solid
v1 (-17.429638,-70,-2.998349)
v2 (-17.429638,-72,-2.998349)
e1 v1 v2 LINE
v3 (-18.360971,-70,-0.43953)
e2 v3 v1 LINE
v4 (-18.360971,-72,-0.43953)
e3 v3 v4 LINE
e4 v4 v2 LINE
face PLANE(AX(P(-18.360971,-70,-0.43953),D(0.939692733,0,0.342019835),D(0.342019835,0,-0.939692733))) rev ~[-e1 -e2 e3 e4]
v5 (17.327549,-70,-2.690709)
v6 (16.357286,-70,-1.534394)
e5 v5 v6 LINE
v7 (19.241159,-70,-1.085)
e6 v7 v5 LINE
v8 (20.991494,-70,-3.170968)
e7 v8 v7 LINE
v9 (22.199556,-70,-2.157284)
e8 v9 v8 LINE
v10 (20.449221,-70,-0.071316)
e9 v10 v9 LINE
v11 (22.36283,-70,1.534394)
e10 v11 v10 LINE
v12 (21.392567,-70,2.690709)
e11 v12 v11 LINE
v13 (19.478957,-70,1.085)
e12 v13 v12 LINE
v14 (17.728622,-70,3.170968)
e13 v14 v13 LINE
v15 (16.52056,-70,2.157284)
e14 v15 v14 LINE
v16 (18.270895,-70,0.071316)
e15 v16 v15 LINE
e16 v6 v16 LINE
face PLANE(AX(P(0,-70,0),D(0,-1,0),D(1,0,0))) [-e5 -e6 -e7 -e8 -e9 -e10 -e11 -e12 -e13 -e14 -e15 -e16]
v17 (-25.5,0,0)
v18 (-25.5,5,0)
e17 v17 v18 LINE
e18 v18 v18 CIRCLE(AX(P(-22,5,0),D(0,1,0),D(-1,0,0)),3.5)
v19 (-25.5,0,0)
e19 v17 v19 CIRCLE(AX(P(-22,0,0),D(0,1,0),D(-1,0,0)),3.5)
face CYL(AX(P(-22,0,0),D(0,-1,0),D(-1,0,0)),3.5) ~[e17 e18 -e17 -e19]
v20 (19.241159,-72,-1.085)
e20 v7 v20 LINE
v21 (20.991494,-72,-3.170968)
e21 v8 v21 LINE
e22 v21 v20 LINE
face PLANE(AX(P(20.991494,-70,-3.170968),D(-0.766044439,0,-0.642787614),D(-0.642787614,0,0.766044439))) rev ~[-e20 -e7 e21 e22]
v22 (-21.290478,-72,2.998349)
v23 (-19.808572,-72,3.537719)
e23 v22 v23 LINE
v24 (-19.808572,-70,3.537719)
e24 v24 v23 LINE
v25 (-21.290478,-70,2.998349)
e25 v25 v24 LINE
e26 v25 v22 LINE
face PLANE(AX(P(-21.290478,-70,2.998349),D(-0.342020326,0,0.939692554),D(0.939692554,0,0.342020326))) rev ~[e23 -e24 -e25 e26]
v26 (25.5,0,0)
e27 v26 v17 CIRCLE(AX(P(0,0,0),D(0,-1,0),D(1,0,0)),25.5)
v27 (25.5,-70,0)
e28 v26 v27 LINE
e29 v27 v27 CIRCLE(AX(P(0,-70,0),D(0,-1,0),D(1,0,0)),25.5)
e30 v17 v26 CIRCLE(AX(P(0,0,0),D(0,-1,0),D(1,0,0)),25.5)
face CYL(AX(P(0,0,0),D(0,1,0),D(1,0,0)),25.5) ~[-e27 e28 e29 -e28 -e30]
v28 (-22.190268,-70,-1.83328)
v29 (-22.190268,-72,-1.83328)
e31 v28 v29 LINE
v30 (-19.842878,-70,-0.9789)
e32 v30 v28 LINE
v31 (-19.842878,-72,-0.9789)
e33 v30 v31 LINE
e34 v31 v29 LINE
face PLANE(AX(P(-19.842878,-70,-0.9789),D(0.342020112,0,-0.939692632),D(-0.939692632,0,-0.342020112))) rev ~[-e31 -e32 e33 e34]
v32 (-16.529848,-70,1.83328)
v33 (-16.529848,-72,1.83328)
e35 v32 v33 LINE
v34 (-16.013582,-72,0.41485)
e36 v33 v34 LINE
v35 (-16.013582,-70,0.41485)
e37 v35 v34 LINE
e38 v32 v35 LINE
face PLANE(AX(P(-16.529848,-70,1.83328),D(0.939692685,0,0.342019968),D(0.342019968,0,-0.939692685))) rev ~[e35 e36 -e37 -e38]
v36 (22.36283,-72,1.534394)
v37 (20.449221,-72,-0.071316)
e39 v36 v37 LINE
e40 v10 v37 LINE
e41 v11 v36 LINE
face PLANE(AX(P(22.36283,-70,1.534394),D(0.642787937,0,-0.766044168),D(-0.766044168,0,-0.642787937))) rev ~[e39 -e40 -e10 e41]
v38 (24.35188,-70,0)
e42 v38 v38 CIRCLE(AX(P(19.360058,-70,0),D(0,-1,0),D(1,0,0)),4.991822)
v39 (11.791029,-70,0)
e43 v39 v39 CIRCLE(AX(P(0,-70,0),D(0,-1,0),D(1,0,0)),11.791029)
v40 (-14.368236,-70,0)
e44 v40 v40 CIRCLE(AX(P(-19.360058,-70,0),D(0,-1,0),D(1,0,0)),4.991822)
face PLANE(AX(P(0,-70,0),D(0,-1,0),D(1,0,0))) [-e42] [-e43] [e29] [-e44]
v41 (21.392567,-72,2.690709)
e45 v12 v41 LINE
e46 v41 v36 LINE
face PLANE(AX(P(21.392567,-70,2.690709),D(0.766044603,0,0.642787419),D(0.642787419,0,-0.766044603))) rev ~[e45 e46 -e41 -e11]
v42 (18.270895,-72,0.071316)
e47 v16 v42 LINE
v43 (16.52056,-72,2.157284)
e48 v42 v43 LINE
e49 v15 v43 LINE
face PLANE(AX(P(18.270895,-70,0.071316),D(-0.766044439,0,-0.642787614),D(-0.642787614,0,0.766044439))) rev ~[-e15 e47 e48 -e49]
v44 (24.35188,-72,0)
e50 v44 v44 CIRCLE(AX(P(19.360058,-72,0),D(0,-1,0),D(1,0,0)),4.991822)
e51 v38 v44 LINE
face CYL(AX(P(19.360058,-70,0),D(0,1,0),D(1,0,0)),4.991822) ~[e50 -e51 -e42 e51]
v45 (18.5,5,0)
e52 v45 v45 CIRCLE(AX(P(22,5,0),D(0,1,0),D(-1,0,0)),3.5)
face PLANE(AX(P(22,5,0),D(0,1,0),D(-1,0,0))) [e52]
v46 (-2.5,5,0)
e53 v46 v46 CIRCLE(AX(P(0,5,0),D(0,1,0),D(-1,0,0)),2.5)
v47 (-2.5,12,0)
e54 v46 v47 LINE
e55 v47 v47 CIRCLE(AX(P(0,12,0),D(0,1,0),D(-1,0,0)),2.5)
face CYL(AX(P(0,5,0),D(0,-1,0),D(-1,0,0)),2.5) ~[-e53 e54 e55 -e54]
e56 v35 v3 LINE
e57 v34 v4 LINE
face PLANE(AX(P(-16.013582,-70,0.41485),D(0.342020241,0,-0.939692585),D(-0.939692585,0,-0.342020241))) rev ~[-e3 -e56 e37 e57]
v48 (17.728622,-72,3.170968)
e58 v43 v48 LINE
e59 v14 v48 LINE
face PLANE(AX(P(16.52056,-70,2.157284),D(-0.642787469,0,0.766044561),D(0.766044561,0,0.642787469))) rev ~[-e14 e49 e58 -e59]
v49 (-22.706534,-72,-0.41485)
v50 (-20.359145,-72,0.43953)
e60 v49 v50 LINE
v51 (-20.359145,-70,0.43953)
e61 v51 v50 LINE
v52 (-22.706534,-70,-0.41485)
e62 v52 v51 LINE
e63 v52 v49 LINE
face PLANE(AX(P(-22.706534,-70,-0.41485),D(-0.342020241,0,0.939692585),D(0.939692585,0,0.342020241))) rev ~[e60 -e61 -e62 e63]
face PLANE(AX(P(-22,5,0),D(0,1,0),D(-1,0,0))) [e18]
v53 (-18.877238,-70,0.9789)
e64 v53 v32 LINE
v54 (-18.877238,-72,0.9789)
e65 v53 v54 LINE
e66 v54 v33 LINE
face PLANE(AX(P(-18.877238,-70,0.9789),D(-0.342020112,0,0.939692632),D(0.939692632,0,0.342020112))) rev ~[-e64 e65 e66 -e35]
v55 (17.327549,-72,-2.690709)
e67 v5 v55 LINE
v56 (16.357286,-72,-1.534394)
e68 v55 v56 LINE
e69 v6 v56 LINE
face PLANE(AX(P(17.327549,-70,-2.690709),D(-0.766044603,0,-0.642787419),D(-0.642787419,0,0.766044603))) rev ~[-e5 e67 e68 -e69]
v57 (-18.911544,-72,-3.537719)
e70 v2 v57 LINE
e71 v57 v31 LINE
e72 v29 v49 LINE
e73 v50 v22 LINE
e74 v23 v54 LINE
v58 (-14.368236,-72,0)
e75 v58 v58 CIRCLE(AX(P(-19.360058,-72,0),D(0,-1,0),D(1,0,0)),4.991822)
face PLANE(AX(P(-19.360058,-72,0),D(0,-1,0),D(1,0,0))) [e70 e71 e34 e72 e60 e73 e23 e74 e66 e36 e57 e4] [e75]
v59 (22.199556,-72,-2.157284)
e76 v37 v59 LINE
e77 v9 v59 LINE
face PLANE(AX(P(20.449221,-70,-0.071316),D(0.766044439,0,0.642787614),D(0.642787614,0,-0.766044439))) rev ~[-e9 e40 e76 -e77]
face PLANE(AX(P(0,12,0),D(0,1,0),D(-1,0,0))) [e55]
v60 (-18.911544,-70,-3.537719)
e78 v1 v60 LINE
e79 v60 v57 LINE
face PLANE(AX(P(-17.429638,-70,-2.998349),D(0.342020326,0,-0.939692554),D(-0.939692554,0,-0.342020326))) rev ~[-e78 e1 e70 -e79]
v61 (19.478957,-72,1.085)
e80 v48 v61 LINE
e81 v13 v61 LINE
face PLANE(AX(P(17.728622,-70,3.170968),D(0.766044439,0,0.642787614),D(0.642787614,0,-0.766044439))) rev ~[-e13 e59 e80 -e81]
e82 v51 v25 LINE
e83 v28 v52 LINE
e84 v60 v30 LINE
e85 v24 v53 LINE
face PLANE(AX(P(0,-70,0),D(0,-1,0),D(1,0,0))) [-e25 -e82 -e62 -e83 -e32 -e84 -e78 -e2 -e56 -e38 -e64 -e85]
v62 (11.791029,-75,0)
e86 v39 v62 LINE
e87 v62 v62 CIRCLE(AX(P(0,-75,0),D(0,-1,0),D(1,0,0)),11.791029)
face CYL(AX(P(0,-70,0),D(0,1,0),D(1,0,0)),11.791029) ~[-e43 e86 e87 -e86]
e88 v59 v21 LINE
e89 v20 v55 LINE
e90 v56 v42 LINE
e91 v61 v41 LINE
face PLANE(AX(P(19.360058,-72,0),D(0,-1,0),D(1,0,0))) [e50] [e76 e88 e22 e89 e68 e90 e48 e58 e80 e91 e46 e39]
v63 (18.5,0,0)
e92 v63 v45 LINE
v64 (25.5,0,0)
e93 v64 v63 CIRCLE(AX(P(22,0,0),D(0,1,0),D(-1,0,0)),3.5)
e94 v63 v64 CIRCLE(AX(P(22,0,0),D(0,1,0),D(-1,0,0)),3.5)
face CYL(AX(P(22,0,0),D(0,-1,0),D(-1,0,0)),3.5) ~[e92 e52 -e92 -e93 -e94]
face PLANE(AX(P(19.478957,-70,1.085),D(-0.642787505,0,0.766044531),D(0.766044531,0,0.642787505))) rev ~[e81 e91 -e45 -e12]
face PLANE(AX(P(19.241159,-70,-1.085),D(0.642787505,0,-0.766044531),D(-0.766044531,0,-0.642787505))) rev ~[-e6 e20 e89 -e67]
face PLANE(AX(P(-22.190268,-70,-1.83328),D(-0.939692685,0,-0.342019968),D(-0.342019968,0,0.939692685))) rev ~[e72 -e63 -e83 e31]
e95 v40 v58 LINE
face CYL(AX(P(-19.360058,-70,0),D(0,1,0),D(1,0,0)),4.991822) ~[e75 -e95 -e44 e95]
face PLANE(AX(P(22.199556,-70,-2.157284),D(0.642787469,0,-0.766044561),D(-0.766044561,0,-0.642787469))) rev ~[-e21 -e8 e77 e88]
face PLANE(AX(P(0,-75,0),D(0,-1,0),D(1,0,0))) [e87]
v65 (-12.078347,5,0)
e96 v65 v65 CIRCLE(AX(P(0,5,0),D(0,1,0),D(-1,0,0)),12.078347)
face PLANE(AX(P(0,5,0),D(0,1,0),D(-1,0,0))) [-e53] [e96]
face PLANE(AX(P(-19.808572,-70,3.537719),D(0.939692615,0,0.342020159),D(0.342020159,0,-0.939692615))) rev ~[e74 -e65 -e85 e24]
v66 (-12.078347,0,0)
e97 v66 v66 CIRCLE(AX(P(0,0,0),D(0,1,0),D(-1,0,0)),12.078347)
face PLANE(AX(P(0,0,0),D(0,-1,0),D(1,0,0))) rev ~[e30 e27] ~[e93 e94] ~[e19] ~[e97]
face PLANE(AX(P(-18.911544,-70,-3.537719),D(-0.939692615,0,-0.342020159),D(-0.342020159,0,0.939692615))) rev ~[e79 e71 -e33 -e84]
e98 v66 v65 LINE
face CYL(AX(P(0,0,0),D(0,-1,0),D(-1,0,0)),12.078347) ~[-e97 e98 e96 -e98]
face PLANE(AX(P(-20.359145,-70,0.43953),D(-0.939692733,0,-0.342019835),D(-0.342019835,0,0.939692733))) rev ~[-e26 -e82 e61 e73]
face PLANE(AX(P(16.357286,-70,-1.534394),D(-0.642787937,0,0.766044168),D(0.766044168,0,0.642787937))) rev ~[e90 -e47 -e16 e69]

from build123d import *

# Parameters (mm, degrees)
F0_R     = 25.5
F1_DEPTH = 70
F2_R     = 11.791029
F3_DEPTH = 5
F4_R     = 12.078347
F4_R_2   = 3.5
F5_DEPTH = 5
F6_R     = 2.5
F7_DEPTH = 7
F8_R     = 4.991822
F9_DEPTH = 2


with BuildPart() as f1:
    # F0 (on Front) → F1 (new body)
    with BuildSketch(Plane.XZ):
        Circle(F0_R)
    extrude(amount=F1_DEPTH)

    # F2 (on face) → F3 (join)
    with BuildSketch(Plane.XZ.offset(70)):
        Circle(F2_R)
    extrude(amount=F3_DEPTH)

    # F4 (on face) → F5 (join)
    with BuildSketch(Plane(origin=(0, 0, 0), x_dir=(-1, 0, 0), z_dir=(0, 1, 0))):
        Circle(F4_R)
        with Locations((-22, 0)):
            Circle(F4_R_2)
        with Locations((22, 0)):
            Circle(F4_R_2)
    extrude(amount=F5_DEPTH)

    # F6 (on face) → F7 (join)
    with BuildSketch(Plane(origin=(0, 5, 0), x_dir=(-1, 0, 0), z_dir=(0, 1, 0))):
        Circle(F6_R)
    extrude(amount=F7_DEPTH)

    # F8 (on face) → F9 (join)
    with BuildSketch(Plane.XZ.offset(70)):
        with Locations((-19.360058, 0)):
            Circle(F8_R)
        Polygon((-20.359145, 0.43953), (-21.290478, 2.998349), (-19.808572, 3.537719), (-18.877238, 0.9789), (-16.529848, 1.83328), (-16.013582, 0.41485), (-18.360971, -0.43953), (-17.429638, -2.998349), (-18.911544, -3.537719), (-19.842878, -0.9789), (-22.190268, -1.83328), (-22.706534, -0.41485), align=None, mode=Mode.SUBTRACT)
        with Locations((19.360058, 0)):
            Circle(F8_R)
        Polygon((19.241159, -1.085), (17.327549, -2.690709), (16.357286, -1.534394), (18.270895, 0.071316), (16.52056, 2.157284), (17.728622, 3.170968), (19.478957, 1.085), (21.392567, 2.690709), (22.36283, 1.534394), (20.449221, -0.071316), (22.199556, -2.157284), (20.991494, -3.170968), align=None, mode=Mode.SUBTRACT)
    extrude(amount=F9_DEPTH)


solid = f1.part
